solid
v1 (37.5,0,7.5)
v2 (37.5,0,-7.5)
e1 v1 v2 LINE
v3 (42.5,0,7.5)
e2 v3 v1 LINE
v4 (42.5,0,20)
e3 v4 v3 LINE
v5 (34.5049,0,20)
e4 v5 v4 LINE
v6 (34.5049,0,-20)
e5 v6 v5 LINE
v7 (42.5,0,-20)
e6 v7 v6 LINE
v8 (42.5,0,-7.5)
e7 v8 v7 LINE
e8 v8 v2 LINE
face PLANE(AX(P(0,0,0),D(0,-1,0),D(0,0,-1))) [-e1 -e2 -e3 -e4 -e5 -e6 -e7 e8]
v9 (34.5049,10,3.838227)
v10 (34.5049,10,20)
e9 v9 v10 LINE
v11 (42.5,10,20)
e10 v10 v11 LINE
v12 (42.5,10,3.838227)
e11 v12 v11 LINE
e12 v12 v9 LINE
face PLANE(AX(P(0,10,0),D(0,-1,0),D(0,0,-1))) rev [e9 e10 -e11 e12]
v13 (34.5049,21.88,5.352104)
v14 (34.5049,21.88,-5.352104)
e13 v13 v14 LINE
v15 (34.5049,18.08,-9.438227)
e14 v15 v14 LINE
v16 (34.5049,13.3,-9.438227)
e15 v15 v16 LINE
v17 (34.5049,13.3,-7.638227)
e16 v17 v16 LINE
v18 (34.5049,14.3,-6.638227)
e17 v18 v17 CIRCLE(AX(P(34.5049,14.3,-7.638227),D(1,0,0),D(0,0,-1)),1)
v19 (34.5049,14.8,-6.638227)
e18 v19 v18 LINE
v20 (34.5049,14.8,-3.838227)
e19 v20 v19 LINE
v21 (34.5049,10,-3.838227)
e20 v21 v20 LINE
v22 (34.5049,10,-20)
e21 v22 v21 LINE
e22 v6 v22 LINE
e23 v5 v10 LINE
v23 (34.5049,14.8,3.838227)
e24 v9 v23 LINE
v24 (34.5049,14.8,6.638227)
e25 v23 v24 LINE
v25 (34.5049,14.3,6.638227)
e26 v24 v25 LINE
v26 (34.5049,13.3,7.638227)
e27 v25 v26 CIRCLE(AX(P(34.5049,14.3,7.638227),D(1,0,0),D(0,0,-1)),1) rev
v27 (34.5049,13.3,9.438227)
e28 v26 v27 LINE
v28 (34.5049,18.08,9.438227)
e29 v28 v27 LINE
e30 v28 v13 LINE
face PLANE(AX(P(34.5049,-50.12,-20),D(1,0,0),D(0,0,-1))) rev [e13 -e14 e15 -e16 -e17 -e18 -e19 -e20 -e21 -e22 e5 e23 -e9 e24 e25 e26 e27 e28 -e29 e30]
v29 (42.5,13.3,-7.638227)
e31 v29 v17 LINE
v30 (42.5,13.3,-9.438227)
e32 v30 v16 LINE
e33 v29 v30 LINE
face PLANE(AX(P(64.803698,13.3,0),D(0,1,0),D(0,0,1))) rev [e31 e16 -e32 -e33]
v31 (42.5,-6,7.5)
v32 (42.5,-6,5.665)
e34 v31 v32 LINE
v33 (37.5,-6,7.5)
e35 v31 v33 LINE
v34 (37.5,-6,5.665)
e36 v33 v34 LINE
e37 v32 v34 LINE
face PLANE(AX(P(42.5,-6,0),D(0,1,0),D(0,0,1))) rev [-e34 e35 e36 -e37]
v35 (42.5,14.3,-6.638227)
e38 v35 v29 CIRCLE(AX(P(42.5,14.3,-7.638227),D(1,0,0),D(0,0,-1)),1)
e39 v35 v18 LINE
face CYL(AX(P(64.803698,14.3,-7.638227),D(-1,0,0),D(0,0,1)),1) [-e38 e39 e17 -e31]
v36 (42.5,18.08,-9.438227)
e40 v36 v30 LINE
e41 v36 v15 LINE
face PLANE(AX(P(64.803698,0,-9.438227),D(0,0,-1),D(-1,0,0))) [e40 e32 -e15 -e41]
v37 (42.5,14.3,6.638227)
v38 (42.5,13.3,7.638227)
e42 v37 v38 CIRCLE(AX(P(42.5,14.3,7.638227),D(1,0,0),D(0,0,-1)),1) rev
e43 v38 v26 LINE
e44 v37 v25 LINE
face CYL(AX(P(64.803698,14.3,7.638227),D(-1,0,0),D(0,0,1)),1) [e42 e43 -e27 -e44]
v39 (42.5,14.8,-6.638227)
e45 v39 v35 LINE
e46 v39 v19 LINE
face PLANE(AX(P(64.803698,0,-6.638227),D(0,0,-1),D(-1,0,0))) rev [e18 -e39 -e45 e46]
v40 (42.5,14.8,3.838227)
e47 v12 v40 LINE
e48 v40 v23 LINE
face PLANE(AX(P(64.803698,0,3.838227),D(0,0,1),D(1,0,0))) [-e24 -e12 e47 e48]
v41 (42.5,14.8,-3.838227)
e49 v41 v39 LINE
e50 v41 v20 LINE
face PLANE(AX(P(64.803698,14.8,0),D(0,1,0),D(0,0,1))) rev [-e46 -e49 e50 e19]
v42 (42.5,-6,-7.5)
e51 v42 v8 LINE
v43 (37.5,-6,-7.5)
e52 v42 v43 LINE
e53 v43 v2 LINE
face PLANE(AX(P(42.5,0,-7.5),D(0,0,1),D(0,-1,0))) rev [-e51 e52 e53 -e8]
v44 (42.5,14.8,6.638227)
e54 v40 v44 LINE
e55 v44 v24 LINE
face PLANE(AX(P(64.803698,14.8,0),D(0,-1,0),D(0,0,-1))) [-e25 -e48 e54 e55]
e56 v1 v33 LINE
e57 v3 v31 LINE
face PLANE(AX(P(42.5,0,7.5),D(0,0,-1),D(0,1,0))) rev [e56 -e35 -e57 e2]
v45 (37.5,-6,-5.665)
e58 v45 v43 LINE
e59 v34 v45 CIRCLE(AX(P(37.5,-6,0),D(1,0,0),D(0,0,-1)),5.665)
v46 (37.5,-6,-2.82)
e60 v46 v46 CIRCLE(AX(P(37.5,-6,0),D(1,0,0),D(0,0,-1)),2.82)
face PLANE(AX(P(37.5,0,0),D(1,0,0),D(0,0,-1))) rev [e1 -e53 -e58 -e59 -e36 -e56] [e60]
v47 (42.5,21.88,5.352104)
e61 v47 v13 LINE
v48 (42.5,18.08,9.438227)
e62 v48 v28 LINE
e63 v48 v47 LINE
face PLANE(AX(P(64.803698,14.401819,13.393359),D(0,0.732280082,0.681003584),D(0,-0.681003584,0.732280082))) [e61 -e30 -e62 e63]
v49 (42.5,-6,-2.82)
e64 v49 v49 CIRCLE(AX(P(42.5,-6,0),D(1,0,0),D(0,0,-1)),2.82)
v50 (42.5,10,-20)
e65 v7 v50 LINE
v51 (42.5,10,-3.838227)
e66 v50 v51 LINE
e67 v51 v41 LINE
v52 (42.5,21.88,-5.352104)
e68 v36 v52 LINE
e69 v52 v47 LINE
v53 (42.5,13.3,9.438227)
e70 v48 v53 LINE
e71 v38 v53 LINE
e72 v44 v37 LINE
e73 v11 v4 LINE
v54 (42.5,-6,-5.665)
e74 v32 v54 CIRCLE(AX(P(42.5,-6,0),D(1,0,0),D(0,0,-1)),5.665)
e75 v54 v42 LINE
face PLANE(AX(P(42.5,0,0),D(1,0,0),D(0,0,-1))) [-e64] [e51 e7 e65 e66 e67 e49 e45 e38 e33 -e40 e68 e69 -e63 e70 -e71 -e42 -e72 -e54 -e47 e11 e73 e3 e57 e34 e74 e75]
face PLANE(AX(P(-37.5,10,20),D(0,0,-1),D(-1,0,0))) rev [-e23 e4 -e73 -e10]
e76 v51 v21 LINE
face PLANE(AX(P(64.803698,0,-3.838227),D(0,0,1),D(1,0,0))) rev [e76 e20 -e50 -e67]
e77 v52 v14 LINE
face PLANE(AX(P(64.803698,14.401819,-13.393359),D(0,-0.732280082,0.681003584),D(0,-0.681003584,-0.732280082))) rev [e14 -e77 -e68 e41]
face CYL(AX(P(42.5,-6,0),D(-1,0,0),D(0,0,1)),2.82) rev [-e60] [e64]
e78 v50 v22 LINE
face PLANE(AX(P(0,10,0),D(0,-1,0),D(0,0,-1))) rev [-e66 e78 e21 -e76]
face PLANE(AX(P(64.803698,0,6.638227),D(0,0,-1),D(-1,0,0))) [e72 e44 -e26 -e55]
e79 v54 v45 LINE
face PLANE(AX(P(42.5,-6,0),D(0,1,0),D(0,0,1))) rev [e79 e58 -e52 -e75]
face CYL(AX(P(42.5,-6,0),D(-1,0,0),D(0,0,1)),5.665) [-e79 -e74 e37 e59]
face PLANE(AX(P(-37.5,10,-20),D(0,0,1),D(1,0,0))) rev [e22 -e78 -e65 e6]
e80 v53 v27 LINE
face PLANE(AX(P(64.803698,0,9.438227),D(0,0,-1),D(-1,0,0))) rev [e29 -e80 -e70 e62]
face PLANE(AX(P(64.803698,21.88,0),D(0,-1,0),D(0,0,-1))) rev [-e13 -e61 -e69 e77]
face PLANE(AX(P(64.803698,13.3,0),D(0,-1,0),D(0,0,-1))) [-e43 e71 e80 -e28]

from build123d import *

# Parameters (mm, degrees)
SKETCH1_W           = 75
SKETCH1_H           = 40
BOSS_EXTRUDE1_DEPTH = 10
BOSS_EXTRUDE2_DEPTH = 5
BOSS_EXTRUDE3_DEPTH = 85
SKETCH4_W           = 77.004900299
SKETCH4_H           = 40
CUT_EXTRUDE1_DEPTH  = 72


with BuildPart() as part:
    # Sketch1 → Boss-Extrude1 (new body)
    with BuildSketch(Plane(origin=(0, 0, 0), x_dir=(1, 0, 0), z_dir=(0, 1, 0))):
        Rectangle(SKETCH1_W, SKETCH1_H)
    extrude(amount=BOSS_EXTRUDE1_DEPTH)

    # Sketch2 → Boss-Extrude2 (add)
    # profile 1 of 2: a face of its own
    with BuildSketch(Plane(origin=(37.5, 0, 0), x_dir=(0, 0, -1), z_dir=(1, 0, 0))):
        with BuildLine():
            Line((7.5, 0), (-7.5, 0))
            Line((-7.5, 0), (-7.5, -6))
            Line((-7.5, -6), (-5.665, -6))
            ThreePointArc((-5.665, -6), (0, -11.665), (5.665, -6))
            Line((5.665, -6), (7.5, -6))
            Line((7.5, -6), (7.5, 0))
        make_face()
        with BuildLine():
            ThreePointArc((2.82, -6), (0, -8.82), (-2.82, -6))
            ThreePointArc((-2.82, -6), (0, -3.18), (2.82, -6))
        make_face(mode=Mode.SUBTRACT)
    # profile 2 of 2: a face of its own
    with BuildSketch(Plane(origin=(37.5, 0, 0), x_dir=(0, 0, -1), z_dir=(1, 0, 0))):
        Polygon((-20, 0), (-7.5, 0), (7.5, 0), (20, 0), (20, 10), (-20, 10), align=None)
    boss_extrude2 = extrude(amount=BOSS_EXTRUDE2_DEPTH)

    # Mirror1: Boss-Extrude2 across plane
    add(boss_extrude2.mirror(Plane(origin=(0, 0, 0), x_dir=(0, 0, 1), z_dir=(1, 0, 0))))

    # Sketch3 → Boss-Extrude3 (add)
    with BuildSketch(Plane.ZY.offset(42.5)):
        with BuildLine():
            Line((-3.838227356, 14.8), (-3.838227356, 10))
            Line((-3.838227356, 10), (3.838227356, 10))
            Line((3.838227356, 10), (3.838227356, 14.8))
            Line((3.838227356, 14.8), (6.638227356, 14.8))
            Line((6.638227356, 14.8), (6.638227356, 14.3))
            ThreePointArc((6.638227356, 14.3), (6.931120575, 13.592893219), (7.638227356, 13.3))
            Line((7.638227356, 13.3), (9.438227356, 13.3))
            Line((9.438227356, 13.3), (9.438227356, 14.8))
            Line((9.438227356, 14.8), (9.438227356, 18.08))
            Line((9.438227356, 18.08), (5.3521045, 21.88))
            Line((5.3521045, 21.88), (-5.3521045, 21.88))
            Line((-5.3521045, 21.88), (-9.438227356, 18.08))
            Line((-9.438227356, 18.08), (-9.438227356, 14.8))
            Line((-9.438227356, 14.8), (-9.438227356, 13.3))
            Line((-9.438227356, 13.3), (-7.638227356, 13.3))
            ThreePointArc((-7.638227356, 13.3), (-6.931120575, 13.592893219), (-6.638227356, 14.3))
            Line((-6.638227356, 14.3), (-6.638227356, 14.8))
            Line((-6.638227356, 14.8), (-3.838227356, 14.8))
        make_face()
    extrude(amount=-BOSS_EXTRUDE3_DEPTH)

    # Sketch4 → Cut-Extrude1 (cut)
    with BuildSketch(Plane(origin=(0, 21.88, 0), x_dir=(1, 0, 0), z_dir=(0, 1, 0))):
        with Locations((-3.997549851, 0)):
            Rectangle(SKETCH4_W, SKETCH4_H)
    extrude(amount=-CUT_EXTRUDE1_DEPTH, mode=Mode.SUBTRACT)


solid = part.part
